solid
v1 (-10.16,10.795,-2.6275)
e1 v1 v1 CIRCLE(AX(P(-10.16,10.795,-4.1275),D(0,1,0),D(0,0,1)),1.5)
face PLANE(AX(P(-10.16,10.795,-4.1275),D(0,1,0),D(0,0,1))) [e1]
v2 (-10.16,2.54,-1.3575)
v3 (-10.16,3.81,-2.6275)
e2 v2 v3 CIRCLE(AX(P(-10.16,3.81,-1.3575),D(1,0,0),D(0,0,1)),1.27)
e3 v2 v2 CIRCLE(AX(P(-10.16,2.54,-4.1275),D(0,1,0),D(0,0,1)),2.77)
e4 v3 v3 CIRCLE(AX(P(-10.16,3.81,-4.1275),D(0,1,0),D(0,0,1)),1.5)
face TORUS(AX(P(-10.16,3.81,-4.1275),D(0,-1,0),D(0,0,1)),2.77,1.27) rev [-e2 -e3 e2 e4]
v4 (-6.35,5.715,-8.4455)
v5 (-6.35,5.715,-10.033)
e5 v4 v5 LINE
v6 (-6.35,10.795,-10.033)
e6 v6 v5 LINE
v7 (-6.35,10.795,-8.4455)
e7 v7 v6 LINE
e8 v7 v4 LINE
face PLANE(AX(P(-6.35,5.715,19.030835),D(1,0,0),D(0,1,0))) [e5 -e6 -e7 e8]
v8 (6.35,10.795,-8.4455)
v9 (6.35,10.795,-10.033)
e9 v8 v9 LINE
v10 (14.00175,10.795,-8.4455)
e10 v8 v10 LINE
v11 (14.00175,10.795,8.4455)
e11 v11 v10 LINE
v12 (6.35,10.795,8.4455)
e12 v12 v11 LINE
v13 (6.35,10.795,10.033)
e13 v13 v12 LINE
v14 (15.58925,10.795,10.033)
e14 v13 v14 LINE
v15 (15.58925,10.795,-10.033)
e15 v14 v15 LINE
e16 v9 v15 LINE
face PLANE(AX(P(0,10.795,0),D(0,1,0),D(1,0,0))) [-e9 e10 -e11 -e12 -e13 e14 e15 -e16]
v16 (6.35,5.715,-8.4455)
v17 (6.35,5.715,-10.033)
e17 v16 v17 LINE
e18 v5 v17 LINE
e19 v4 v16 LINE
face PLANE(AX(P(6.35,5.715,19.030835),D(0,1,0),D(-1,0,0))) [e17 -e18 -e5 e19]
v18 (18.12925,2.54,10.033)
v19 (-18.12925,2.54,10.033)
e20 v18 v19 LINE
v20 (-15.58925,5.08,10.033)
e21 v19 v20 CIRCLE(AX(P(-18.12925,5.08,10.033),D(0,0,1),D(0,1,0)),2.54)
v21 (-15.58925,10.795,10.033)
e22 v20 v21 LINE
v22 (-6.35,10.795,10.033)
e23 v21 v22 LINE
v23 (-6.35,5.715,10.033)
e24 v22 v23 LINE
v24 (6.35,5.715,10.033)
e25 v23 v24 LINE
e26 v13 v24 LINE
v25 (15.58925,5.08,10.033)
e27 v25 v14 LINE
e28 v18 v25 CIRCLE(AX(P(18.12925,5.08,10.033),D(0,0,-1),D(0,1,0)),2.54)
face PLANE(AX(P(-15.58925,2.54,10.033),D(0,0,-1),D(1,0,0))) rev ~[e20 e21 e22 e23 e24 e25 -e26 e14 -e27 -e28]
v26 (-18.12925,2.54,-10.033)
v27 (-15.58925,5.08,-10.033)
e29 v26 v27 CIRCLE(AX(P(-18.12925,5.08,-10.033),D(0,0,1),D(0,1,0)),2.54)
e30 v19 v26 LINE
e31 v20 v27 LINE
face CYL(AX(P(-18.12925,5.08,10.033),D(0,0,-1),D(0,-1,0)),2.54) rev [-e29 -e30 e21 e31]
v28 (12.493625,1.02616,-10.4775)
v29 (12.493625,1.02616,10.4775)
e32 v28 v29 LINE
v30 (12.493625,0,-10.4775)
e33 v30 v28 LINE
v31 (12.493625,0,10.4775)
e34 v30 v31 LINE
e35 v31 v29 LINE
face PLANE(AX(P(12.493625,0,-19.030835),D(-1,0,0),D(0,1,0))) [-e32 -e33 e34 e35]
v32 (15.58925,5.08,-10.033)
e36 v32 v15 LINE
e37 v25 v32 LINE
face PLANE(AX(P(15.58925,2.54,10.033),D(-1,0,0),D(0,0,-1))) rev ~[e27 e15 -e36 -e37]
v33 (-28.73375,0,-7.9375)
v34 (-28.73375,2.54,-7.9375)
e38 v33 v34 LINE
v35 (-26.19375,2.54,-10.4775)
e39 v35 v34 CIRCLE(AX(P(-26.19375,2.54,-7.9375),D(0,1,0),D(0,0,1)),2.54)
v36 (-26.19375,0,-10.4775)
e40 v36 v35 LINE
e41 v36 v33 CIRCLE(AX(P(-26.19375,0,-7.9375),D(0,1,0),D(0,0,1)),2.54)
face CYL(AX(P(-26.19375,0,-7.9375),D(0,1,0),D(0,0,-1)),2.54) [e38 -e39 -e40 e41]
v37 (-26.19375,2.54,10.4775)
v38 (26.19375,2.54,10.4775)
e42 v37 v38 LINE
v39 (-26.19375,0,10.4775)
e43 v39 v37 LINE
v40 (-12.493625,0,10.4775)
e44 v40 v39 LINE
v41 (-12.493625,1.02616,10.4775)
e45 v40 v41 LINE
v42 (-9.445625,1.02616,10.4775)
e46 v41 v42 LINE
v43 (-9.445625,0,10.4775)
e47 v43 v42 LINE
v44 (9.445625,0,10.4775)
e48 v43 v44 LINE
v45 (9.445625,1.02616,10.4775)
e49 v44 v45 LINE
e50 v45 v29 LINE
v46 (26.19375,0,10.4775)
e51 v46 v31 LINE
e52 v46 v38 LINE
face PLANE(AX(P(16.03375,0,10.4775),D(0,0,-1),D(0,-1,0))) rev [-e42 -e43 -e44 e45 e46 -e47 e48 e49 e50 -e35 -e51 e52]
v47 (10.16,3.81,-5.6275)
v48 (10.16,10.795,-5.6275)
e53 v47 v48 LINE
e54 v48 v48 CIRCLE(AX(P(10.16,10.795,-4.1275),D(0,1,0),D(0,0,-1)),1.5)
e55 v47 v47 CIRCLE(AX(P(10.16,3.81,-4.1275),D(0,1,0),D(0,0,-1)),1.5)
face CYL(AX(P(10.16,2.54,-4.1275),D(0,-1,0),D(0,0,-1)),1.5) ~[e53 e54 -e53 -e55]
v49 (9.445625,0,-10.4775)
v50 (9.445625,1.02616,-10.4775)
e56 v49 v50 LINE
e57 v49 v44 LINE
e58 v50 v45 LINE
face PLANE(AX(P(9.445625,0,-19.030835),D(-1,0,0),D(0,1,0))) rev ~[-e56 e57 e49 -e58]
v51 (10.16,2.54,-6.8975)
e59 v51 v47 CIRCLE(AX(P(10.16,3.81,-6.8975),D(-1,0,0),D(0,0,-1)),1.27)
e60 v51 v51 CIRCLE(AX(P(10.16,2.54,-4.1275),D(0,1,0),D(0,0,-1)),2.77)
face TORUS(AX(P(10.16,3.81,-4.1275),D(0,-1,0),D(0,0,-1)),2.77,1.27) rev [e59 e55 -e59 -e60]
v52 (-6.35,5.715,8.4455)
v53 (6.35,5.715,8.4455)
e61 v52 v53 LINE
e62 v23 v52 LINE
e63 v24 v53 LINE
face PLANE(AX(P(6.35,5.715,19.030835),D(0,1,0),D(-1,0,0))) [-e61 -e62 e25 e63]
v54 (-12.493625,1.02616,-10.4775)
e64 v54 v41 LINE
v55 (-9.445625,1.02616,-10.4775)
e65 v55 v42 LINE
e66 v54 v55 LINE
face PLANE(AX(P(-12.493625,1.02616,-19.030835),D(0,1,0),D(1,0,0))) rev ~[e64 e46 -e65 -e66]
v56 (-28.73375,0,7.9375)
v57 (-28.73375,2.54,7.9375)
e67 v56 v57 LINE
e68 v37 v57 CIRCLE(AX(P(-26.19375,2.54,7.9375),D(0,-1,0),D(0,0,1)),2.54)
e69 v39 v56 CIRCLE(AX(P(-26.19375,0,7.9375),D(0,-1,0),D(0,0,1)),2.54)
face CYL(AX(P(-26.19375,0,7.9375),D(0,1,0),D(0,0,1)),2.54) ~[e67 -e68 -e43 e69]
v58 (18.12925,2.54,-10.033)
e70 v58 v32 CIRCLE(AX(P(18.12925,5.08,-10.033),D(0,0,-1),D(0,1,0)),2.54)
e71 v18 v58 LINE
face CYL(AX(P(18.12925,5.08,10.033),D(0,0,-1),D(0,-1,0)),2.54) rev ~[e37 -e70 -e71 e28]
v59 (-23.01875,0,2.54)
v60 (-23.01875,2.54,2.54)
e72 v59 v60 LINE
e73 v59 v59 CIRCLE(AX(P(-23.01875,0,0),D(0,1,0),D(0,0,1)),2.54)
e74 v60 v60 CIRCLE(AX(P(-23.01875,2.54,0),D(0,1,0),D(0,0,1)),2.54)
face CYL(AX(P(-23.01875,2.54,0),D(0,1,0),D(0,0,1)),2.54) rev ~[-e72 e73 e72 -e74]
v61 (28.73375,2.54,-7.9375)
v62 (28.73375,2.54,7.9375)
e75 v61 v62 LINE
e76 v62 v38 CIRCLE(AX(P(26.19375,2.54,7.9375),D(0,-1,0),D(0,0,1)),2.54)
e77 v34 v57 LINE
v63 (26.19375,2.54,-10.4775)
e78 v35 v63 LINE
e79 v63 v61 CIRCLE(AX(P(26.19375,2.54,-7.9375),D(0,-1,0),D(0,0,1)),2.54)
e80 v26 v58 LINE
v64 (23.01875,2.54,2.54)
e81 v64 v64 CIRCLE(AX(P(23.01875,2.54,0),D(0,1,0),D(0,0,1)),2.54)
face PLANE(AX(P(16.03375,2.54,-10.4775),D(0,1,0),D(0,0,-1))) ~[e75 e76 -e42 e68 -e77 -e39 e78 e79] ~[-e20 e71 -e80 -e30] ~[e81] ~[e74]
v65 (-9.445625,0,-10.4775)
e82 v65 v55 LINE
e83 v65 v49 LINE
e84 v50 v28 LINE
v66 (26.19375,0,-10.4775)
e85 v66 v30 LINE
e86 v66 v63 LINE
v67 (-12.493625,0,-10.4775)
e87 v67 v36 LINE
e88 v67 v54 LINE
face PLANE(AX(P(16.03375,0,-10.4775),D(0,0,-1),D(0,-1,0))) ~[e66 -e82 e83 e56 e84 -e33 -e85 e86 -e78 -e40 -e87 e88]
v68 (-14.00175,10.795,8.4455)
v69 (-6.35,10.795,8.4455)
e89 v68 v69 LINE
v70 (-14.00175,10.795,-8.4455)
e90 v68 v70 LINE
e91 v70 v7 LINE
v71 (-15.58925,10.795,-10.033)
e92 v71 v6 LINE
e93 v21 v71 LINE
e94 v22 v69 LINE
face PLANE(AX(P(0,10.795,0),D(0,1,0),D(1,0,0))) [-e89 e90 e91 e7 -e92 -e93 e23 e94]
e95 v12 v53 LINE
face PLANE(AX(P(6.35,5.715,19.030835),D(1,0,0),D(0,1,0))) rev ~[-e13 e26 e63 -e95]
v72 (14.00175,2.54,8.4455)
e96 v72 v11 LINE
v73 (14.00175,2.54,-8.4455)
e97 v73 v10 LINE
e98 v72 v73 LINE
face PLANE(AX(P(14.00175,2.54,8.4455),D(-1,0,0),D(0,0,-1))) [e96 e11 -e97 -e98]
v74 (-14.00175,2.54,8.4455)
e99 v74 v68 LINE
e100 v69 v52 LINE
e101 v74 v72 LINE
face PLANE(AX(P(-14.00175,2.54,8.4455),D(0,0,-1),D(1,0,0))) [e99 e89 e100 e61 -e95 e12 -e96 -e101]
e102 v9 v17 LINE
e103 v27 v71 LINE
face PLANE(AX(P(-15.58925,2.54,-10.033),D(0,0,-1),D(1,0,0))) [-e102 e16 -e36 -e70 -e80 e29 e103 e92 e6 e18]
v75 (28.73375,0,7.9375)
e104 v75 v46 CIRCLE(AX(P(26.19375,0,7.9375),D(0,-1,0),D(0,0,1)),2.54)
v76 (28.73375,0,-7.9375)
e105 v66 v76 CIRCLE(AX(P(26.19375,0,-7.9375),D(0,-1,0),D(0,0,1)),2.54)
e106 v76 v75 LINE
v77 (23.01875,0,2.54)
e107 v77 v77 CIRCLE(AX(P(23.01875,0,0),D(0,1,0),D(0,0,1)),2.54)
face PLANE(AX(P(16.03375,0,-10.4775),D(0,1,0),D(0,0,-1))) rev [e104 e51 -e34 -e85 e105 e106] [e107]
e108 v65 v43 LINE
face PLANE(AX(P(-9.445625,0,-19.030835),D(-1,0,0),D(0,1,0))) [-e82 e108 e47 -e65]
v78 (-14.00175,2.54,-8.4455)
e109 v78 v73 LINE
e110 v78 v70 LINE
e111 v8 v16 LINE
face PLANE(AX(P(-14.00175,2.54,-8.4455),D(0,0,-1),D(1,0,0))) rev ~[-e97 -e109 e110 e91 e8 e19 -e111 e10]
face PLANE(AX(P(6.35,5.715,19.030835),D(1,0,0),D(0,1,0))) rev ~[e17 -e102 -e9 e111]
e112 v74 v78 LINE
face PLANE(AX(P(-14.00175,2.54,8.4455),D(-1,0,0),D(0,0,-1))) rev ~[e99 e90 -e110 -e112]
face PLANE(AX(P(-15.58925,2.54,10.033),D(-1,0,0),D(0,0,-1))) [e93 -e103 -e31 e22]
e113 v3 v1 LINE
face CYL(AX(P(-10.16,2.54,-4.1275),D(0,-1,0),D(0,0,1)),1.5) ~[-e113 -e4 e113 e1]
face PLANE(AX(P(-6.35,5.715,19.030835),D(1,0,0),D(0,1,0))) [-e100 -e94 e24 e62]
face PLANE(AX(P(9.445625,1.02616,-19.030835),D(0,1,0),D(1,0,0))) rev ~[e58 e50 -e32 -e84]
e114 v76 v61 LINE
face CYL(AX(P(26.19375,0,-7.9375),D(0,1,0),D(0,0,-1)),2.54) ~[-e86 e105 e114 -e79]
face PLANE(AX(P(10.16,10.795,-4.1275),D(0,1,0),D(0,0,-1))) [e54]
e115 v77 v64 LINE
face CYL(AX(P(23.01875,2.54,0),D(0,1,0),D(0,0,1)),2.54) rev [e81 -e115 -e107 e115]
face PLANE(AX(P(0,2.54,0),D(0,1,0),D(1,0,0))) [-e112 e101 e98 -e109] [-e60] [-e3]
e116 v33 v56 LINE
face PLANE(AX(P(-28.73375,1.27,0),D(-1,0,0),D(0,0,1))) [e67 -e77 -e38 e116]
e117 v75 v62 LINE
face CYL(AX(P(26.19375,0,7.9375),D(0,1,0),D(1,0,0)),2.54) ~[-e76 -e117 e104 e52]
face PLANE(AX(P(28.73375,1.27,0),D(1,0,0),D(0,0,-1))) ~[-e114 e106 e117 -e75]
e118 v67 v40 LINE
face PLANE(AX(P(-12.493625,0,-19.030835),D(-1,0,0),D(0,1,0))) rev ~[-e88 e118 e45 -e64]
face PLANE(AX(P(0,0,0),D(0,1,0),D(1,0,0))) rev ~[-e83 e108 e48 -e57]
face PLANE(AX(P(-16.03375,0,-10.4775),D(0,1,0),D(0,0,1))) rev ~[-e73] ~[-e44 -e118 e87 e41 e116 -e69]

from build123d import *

# Parameters (mm, degrees)
SKETCH1_W               = 32.0675
SKETCH1_H               = 20.955
BOSS_EXTRUDE2_DEPTH     = 2.54
SKETCH3_W               = 31.1785
SKETCH3_H               = 20.066
SKETCH3_W_2             = 28.0035
SKETCH3_H_2             = 16.891
EXTRUDE_THIN1_DEPTH     = 8.255
CUT_EXTRUDE1_DEPTH      = 29.508335431
CUT_EXTRUDE1_DEPTH_BACK = 29.508335431
SKETCH4_W               = 12.7
SKETCH4_H               = 5.08
SKETCH5_R               = 1.5
BOSS_EXTRUDE3_DEPTH     = 8.255
FILLET1_R               = 1.27
CUT_EXTRUDE2_DEPTH      = 29.508335431
CUT_EXTRUDE2_DEPTH_BACK = 29.508335431
SKETCH6_W               = 3.048
SKETCH6_H               = 1.02616
SKETCH7_W               = 20.955
SKETCH7_H               = 2.54
BOSS_EXTRUDE4_DEPTH     = 12.7
FILLET2_R               = 2.54
FILLET3_R               = 2.54
SKETCH8_R               = 2.54
CUT_EXTRUDE3_DEPTH      = 32.67887972
FILLET4_R               = 2.54


with BuildPart() as part:
    # Sketch1 → Boss-Extrude2 (new body)
    with BuildSketch(Plane(origin=(0, 0, 0), x_dir=(1, 0, 0), z_dir=(0, 1, 0))):
        Rectangle(SKETCH1_W, SKETCH1_H)
    extrude(amount=BOSS_EXTRUDE2_DEPTH)

    # Sketch3 → Extrude-Thin1 (add)
    with BuildSketch(Plane(origin=(0, 2.54, 0), x_dir=(1, 0, 0), z_dir=(0, 1, 0))):
        Rectangle(SKETCH3_W, SKETCH3_H)
        Rectangle(SKETCH3_W_2, SKETCH3_H_2, mode=Mode.SUBTRACT)
    extrude(amount=EXTRUDE_THIN1_DEPTH)

    # Sketch4 → Cut-Extrude1 (cut, two sides: drawn at the far end of the back side and taken through both)
    with BuildSketch(Plane(origin=(0, 0, -10.4775), x_dir=(-1, 0, 0), z_dir=(0, 0, -1)).offset(-CUT_EXTRUDE1_DEPTH_BACK)):
        with Locations((0, 8.255)):
            Rectangle(SKETCH4_W, SKETCH4_H)
    extrude(amount=CUT_EXTRUDE1_DEPTH + CUT_EXTRUDE1_DEPTH_BACK, mode=Mode.SUBTRACT)

    # Sketch5 → Boss-Extrude3 (add)
    with BuildSketch(Plane(origin=(0, 2.54, 0), x_dir=(1, 0, 0), z_dir=(0, 1, 0))):
        with Locations(Location((-10.16, 4.1275, 0), (0, 0, 270))):
            Circle(SKETCH5_R)
        with Locations(Location((10.16, 4.1275, 0), (0, 0, 90))):
            Circle(SKETCH5_R)
    extrude(amount=BOSS_EXTRUDE3_DEPTH)

    # Fillet1
    fillet1_edges = [part.edges().sort_by_distance(p)[0] for p in [
        (-10.16, 2.54, -5.6275),
        (10.16, 2.54, -2.6275),
    ]]
    fillet(fillet1_edges, radius=FILLET1_R)

    # Sketch6 → Cut-Extrude2 (cut, two sides: drawn at the far end of the back side and taken through both)
    with BuildSketch(Plane.XY.offset(10.4775).offset(-CUT_EXTRUDE2_DEPTH_BACK)):
        with Locations((-10.969625, 0.51308)):
            Rectangle(SKETCH6_W, SKETCH6_H)
        with Locations((10.969625, 0.51308)):
            Rectangle(SKETCH6_W, SKETCH6_H)
    extrude(amount=CUT_EXTRUDE2_DEPTH + CUT_EXTRUDE2_DEPTH_BACK, mode=Mode.SUBTRACT)

    # Sketch7 → Boss-Extrude4 (add)
    with BuildSketch(Plane.ZY.offset(16.03375)):
        with Locations((0, 1.27)):
            Rectangle(SKETCH7_W, SKETCH7_H)
    boss_extrude4 = extrude(amount=BOSS_EXTRUDE4_DEPTH)

    # Fillet2
    fillet2_edges = [part.edges().sort_by_distance(p)[0] for p in [
        (-28.73375, 1.27, -10.4775),
        (-28.73375, 1.27, 10.4775),
    ]]
    fillet(fillet2_edges, radius=FILLET2_R)

    # Fillet3
    fillet3_edges = [part.edges().sort_by_distance(p)[0] for p in [
        (-15.58925, 2.54, 0),
    ]]
    fillet(fillet3_edges, radius=FILLET3_R)

    # Sketch8 → Cut-Extrude3 (cut, symmetric)
    with BuildSketch(Plane(origin=(0, 2.54, 0), x_dir=(1, 0, 0), z_dir=(0, 1, 0))):
        with Locations(Location((-23.01875, 0, 0), (0, 0, 270))):
            Circle(SKETCH8_R)
    cut_extrude3 = extrude(amount=CUT_EXTRUDE3_DEPTH, both=True, mode=Mode.SUBTRACT)

    # Mirror2: Boss-Extrude4 across plane
    add(boss_extrude4.mirror(Plane(origin=(0, 0, 0), x_dir=(0, 0, 1), z_dir=(1, 0, 0))))

    # Mirror6: Cut-Extrude3 across plane
    add(cut_extrude3.mirror(Plane(origin=(0, 0, 0), x_dir=(0, 0, 1), z_dir=(1, 0, 0))), mode=Mode.SUBTRACT)

    # Fillet4
    fillet4_edges = [part.edges().sort_by_distance(p)[0] for p in [
        (28.73375, 1.27, -10.4775),
        (28.73375, 1.27, 10.4775),
        (15.58925, 2.54, 0),
    ]]
    fillet(fillet4_edges, radius=FILLET4_R)


solid = part.part
